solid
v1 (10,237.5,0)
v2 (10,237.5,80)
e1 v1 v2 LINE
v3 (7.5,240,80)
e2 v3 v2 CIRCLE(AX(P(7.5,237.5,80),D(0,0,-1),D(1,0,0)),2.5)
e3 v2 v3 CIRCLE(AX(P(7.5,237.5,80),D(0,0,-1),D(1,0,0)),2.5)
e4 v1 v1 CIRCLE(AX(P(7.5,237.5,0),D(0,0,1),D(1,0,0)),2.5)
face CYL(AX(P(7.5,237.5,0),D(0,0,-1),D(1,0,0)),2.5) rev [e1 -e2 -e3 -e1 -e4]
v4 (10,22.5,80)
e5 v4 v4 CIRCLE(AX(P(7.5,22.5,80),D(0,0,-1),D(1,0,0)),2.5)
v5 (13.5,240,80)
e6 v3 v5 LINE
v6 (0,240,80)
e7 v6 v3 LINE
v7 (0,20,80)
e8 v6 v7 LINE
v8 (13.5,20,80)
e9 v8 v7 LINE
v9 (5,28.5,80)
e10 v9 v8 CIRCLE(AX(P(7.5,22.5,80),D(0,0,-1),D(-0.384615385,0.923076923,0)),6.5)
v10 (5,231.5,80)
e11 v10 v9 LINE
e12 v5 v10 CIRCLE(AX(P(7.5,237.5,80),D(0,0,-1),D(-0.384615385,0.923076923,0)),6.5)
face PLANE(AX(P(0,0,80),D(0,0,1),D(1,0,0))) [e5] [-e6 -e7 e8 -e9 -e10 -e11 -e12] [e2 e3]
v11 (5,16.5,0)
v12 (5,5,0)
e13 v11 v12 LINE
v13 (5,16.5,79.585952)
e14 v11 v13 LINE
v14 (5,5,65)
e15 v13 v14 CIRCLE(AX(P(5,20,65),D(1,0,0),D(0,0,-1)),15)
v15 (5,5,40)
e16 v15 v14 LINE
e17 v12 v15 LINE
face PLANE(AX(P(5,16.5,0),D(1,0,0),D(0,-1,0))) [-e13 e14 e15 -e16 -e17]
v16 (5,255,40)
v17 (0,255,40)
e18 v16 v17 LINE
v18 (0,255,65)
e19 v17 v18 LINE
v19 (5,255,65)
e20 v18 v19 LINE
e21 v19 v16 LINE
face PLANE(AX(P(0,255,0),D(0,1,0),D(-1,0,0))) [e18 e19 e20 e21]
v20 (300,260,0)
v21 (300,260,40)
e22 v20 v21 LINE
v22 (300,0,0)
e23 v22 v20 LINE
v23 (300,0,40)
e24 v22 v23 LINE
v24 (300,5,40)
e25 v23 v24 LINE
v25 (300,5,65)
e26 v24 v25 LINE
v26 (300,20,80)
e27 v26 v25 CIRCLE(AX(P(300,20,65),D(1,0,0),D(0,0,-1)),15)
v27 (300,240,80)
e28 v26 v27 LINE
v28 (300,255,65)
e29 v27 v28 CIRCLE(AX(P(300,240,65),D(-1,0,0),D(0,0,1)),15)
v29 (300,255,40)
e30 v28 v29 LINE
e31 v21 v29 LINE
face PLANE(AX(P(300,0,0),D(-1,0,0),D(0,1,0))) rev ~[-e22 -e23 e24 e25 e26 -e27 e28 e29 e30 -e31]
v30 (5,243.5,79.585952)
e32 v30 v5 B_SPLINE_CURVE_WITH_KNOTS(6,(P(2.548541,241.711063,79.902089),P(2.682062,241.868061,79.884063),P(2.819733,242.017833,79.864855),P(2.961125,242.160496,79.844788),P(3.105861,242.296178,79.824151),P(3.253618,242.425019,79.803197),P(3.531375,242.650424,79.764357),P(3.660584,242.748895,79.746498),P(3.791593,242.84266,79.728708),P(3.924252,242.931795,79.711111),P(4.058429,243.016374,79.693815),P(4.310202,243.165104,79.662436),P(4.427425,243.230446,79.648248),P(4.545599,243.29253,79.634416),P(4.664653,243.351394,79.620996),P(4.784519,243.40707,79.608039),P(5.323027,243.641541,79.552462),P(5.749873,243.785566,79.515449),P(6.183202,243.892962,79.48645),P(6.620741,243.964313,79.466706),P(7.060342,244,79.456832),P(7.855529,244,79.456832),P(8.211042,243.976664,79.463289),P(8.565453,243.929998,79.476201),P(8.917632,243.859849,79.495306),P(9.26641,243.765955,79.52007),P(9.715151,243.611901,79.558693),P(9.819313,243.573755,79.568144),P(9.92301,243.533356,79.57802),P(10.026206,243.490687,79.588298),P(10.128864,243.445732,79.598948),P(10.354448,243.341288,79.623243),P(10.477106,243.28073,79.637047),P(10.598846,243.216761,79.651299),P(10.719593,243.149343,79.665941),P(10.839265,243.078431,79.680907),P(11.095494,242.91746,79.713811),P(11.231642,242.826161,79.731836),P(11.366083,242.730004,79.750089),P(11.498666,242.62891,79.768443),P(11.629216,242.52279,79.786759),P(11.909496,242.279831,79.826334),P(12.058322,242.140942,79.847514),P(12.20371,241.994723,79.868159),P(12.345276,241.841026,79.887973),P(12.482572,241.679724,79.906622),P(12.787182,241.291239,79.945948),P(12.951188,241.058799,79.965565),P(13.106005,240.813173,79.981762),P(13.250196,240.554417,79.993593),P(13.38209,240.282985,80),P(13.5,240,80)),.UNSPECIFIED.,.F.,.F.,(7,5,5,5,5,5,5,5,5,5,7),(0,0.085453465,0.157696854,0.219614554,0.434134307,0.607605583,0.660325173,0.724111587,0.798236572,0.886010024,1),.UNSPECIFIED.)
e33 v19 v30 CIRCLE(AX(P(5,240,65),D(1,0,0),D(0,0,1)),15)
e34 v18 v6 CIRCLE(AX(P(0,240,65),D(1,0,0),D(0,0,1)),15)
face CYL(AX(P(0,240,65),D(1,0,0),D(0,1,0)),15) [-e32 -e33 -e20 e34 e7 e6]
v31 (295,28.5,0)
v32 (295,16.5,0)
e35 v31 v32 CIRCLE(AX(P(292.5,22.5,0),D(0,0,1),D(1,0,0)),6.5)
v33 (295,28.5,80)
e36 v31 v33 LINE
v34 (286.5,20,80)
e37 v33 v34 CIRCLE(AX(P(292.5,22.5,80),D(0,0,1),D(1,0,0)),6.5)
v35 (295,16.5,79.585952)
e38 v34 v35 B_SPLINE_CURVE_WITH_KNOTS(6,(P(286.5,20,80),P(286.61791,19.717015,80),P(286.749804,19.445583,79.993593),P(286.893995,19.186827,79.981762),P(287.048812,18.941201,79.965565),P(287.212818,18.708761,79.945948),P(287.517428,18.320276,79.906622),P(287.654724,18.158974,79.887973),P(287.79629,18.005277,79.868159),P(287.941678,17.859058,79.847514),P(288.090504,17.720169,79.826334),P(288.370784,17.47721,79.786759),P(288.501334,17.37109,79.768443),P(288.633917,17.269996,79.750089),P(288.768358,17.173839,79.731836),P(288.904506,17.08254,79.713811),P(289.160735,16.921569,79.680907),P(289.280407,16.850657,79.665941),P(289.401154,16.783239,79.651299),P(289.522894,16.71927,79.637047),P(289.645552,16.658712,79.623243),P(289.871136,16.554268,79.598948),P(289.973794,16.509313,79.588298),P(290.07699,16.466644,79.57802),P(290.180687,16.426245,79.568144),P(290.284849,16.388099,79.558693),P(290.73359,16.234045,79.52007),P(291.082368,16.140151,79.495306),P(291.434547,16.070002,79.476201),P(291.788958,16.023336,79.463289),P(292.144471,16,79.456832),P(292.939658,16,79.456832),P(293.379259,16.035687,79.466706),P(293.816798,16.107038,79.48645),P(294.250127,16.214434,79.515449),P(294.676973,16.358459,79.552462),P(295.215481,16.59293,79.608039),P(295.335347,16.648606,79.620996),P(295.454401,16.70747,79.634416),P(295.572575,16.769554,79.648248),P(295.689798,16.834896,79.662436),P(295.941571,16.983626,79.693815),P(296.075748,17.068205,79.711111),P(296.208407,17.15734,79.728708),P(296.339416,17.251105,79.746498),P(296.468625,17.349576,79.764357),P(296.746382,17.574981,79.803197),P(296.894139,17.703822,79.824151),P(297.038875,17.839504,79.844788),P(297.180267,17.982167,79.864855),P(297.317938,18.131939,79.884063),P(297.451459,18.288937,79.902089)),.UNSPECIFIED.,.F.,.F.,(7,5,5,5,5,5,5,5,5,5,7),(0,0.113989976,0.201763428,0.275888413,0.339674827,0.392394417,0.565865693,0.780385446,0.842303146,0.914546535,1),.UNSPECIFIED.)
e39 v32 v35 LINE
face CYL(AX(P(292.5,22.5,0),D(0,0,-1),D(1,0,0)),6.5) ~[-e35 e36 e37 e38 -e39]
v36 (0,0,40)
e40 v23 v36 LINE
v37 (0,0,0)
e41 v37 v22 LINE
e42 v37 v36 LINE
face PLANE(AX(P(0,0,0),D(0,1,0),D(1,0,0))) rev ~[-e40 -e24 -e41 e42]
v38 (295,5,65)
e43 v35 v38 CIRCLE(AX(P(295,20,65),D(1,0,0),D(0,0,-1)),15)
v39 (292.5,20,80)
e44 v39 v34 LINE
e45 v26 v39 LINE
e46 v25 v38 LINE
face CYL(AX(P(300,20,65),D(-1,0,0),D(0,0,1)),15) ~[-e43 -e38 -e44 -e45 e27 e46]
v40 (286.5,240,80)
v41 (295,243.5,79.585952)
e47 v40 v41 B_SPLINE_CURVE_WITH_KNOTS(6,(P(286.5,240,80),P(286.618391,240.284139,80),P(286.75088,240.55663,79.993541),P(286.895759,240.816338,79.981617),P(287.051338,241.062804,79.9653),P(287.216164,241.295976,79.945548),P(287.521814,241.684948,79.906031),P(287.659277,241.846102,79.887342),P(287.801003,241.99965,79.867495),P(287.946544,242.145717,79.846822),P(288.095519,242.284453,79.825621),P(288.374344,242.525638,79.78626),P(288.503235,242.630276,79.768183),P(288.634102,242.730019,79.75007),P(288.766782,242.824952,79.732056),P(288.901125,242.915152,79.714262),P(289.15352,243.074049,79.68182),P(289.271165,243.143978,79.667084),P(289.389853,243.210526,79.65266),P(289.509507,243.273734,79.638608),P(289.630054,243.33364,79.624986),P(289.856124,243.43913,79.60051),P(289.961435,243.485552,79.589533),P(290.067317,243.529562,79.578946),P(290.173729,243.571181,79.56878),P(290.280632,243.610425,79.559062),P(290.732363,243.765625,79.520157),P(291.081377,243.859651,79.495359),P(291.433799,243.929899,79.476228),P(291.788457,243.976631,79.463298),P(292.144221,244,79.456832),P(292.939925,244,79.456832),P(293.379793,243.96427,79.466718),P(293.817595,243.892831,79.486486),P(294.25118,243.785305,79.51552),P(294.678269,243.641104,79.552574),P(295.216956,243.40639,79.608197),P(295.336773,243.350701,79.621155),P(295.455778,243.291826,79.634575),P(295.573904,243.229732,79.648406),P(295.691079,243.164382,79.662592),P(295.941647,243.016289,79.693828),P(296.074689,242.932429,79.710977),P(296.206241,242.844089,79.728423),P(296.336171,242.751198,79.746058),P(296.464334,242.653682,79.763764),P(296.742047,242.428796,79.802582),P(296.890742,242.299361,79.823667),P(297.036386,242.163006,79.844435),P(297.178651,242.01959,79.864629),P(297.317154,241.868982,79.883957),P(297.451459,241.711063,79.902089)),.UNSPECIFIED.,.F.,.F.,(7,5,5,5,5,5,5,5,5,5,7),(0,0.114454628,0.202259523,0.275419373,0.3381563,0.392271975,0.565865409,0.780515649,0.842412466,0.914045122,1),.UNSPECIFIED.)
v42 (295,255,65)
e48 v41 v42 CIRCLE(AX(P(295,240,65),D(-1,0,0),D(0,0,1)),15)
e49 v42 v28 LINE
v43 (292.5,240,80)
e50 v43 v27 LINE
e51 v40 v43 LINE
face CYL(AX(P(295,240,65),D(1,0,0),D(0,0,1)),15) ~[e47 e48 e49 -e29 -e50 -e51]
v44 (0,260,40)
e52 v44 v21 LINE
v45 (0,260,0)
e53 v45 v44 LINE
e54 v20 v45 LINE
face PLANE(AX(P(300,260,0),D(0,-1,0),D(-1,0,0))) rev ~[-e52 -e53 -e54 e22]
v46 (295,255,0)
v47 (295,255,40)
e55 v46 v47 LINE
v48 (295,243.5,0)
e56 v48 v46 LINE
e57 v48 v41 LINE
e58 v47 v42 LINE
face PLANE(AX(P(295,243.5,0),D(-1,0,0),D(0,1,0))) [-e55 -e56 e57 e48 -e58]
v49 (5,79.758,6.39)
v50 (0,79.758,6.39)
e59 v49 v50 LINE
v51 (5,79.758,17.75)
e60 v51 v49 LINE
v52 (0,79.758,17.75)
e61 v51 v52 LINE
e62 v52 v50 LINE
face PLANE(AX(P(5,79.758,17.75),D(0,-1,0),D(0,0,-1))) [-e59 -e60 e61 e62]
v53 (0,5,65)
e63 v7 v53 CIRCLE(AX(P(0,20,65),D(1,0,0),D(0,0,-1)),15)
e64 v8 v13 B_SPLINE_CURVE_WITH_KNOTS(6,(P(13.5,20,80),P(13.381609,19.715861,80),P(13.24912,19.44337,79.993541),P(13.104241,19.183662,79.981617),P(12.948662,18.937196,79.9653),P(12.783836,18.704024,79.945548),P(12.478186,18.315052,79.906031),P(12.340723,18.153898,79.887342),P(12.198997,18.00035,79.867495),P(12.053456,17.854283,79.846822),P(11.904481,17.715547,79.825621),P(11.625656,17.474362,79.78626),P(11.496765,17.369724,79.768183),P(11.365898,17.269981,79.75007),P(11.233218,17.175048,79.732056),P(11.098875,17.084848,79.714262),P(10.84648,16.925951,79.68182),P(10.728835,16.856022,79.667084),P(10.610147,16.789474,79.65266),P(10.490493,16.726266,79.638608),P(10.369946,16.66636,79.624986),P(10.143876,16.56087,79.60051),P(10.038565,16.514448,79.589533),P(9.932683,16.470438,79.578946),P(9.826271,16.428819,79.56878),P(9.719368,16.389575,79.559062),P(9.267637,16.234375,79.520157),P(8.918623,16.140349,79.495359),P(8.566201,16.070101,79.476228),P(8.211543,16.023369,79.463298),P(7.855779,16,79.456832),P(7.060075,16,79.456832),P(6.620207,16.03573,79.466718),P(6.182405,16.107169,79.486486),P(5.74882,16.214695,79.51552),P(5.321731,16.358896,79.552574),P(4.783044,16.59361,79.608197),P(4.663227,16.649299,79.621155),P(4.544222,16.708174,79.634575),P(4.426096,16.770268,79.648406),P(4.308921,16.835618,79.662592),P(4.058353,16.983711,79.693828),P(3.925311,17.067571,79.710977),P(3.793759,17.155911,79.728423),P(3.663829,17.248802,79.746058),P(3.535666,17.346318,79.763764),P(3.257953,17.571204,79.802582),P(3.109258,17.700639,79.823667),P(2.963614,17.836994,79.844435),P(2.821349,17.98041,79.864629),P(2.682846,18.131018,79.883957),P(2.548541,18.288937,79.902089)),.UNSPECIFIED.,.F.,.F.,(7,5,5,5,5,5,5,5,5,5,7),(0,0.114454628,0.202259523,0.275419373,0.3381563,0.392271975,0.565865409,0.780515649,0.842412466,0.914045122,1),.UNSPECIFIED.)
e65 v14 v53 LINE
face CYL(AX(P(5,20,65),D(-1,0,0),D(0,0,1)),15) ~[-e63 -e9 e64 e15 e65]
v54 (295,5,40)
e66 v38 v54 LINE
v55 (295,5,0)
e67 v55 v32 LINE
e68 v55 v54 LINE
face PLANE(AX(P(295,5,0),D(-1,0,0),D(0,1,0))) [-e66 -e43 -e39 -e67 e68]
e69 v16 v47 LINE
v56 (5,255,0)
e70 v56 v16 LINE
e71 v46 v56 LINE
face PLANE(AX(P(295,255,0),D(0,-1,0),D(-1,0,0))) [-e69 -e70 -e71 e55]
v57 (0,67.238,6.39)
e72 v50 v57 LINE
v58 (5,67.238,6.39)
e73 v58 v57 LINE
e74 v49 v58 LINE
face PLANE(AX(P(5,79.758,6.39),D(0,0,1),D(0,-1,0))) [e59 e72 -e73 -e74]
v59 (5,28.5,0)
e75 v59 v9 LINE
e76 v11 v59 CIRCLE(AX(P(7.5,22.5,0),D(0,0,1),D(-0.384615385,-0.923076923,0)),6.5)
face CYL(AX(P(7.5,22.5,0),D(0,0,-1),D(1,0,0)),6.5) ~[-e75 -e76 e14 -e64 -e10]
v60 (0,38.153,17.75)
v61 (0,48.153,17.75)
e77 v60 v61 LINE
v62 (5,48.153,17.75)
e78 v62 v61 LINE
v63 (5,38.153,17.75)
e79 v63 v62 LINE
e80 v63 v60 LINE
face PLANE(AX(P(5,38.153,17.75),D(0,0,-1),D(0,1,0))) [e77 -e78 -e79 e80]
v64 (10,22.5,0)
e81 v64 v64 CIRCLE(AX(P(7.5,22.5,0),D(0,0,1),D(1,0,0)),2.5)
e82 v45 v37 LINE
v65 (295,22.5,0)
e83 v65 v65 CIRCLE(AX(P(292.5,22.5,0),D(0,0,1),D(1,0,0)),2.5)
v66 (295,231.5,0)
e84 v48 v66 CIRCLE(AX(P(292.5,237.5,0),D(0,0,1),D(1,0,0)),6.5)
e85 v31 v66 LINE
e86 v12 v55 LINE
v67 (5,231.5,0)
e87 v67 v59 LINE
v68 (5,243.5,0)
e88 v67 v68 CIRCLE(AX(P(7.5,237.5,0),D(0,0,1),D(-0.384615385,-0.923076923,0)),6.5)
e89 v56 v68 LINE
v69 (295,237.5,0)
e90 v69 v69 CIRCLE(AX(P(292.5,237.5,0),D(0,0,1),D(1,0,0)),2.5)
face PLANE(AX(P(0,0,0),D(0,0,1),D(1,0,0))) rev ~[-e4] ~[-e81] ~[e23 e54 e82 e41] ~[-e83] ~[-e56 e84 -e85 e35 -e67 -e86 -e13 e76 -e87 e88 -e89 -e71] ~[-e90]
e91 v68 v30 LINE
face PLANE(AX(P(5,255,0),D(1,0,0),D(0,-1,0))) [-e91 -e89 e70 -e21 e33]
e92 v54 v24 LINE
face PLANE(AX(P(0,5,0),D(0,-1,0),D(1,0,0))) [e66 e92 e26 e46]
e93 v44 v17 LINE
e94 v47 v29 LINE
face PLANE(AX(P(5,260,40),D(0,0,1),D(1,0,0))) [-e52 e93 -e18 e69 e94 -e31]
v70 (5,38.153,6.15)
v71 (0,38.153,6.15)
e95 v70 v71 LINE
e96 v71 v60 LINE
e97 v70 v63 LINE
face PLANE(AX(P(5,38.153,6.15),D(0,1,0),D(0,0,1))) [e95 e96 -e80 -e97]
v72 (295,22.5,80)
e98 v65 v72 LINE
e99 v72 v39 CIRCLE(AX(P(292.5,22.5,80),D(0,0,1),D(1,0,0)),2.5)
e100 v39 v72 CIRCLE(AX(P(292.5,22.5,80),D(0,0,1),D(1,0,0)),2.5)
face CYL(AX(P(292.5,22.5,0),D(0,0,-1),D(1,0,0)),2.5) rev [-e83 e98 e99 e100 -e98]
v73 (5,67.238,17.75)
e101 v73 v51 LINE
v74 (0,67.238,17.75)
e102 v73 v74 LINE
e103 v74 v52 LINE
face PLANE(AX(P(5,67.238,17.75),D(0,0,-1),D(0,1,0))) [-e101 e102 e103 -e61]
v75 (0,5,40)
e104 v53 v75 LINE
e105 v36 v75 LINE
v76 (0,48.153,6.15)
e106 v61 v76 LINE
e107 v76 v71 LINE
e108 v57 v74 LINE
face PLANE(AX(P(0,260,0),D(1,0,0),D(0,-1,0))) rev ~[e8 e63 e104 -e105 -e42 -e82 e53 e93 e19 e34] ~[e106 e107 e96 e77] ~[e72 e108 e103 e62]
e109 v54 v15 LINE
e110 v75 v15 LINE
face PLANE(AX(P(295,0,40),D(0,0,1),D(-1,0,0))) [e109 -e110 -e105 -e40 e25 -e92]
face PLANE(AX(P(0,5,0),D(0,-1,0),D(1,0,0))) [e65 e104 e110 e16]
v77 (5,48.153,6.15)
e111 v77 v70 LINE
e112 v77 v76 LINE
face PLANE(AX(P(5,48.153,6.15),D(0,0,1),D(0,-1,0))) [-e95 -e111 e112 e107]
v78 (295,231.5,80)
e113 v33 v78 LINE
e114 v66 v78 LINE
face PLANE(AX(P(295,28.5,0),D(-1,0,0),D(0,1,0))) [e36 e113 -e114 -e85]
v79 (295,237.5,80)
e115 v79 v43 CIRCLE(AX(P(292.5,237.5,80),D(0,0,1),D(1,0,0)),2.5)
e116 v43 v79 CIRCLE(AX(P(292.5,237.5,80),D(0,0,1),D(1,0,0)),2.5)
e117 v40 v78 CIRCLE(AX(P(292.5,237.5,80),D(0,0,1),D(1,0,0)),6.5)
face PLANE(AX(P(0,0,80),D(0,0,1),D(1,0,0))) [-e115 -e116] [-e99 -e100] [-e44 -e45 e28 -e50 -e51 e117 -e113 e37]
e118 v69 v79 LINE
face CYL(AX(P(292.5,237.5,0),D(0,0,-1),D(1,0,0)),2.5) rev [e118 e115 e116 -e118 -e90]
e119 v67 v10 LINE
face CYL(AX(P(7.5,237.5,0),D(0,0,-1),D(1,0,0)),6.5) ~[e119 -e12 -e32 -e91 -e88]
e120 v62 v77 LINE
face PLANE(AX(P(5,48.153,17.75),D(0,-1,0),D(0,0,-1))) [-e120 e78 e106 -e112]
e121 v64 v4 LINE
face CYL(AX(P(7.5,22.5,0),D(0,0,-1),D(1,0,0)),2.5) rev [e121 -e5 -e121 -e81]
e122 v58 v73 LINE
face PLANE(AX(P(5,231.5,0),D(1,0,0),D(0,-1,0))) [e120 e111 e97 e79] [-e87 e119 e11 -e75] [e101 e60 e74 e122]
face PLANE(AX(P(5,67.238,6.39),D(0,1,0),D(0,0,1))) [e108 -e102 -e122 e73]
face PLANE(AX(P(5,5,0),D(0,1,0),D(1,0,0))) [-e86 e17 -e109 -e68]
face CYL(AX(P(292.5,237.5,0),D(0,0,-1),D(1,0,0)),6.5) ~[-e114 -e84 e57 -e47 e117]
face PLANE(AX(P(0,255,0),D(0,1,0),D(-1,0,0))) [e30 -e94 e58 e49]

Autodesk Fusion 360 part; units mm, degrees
sketch "Sketch1" plane through (0, 0, 0) normal (0, 0, 1) x (1, 0, 0)
  line L0 (0, 0) -> (300, 0)
  line L1 (300, 0) -> (300, 260)
  line L2 (300, 260) -> (0, 260)
  line L3 (0, 260) -> (0, 0)
  line L4 (5, 5) -> (295, 5)
  line L5 (295, 5) -> (295, 255)
  line L6 (295, 255) -> (5, 255)
  line L7 (5, 255) -> (5, 5)
  circle A0 centre (7.5, 22.5) radius 2.5
  circle A1 centre (7.5, 237.5) radius 2.5
  circle A2 centre (292.5, 237.5) radius 2.5
  circle A3 centre (292.5, 22.5) radius 2.5
  circle A4 centre (7.5, 237.5) radius 6.5
  circle A5 centre (292.5, 237.5) radius 6.5
  circle A6 centre (292.5, 22.5) radius 6.5
  circle A7 centre (7.5, 22.5) radius 6.5
  dimension "d1" = 300
  dimension "d2" = 260
  dimension "d3" = 290
  dimension "d4" = 250
  dimension "d5" = 5
  dimension "d6" = 5
  dimension "d7" = 5
  dimension "d8" = 5
  dimension "d9" = 5
  dimension "d10" = 5
  dimension "d11" = 5
  dimension "d12" = 5
  dimension "d13" = 22.5
  dimension "d16" = 22.5
  dimension "d17" = 7.5
  dimension "d18" = 7.5
  dimension "d19" = 7.5
  dimension "d20" = 22.5
  dimension "d21" = 7.5
  dimension "d22" = 22.5
  dimension "d23" = 13
  dimension "d24" = 7.5
  dimension "d25" = 22.5
  dimension "d26" = 13
  dimension "d27" = 7.5
  dimension "d28" = 22.5
  dimension "d29" = 13
  dimension "d30" = 7.5
  dimension "d31" = 22.5
  dimension "d32" = 13
  dimension "d33" = 7.5
  dimension "d34" = 22.5
extrude "Extrude1" add sketch "Sketch1" along normal blind 80 contours L7 A7 picked at (9.3974, 27.2942) makes body 1
extrude "Extrude2" add sketch "Sketch1" along normal blind 80 separate body contours L5 A6 picked at (287.3448, 22.5) makes body 2
extrude "Extrude3" add sketch "Sketch1" along normal blind 80 separate body contours L5 A5 picked at (287.3448, 237.5) makes body 3
extrude "Extrude4" add sketch "Sketch1" along normal blind 80 separate body contours L7 A4 picked at (9.3974, 242.2942) makes body 4
extrude "Extrude5" add sketch "Sketch1" along normal blind 80 separate body contours L0 L1 L2 L3 makes body 5
extrude "Extrude6" add sketch "Sketch1" along normal blind 80 contours L7 A4 picked at (2.3567, 237.1826) bodies 4 5
extrude "Extrude7" add sketch "Sketch1" along normal blind 80 contours L7 A7 picked at (2.3567, 22.1826) bodies 1 4
extrude "Extrude8" add sketch "Sketch1" along normal blind 80 contours L5 A6 picked at (297.6433, 22.8174) bodies 1 2
extrude "Extrude9" add sketch "Sketch1" along normal blind 80 contours L5 A5 picked at (297.6433, 237.1826) bodies 1 3
sketch "Sketch2" plane through (5, 0, 0) normal (1, 0, 0) x (0, 1, 0)
  line L0 (28.5, 0) -> (231.5, 0)
  line L1 (231.5, 0) -> (231.5, 80)
  line L2 (231.5, 80) -> (28.5, 80)
  line L3 (28.5, 80) -> (28.5, 0)
  line L4 (35, 30) -> (89.718, 30)
  line L5 (89.718, 30) -> (89.718, 0)
  line L6 (89.718, 0) -> (35, 0)
  line L7 (35, 0) -> (35, 30)
  line L8 (5, 0) -> (5, 80)
  line L9 (67.238, 17.75) -> (79.758, 17.75)
  line L10 (79.758, 17.75) -> (79.758, 6.39)
  line L11 (79.758, 6.39) -> (67.238, 6.39)
  line L12 (67.238, 6.39) -> (67.238, 17.75)
  line L13 (38.153, 17.75) -> (48.153, 17.75)
  line L14 (48.153, 17.75) -> (48.153, 6.15)
  line L15 (48.153, 6.15) -> (38.153, 6.15)
  line L16 (38.153, 6.15) -> (38.153, 17.75)
  dimension "d53" = 54.718
  dimension "d56" = 30
  dimension "d57" = 50
  dimension "d58" = 30
  dimension "d59" = 12.52
  dimension "d60" = 10
  dimension "d61" = 9.96
  dimension "d62" = 6.39
  dimension "d63" = 6.15
  dimension "d64" = 19.085
  dimension "d65" = 11.36
  dimension "d66" = 11.6
extrude "Extrude10" cut sketch "Sketch2" against normal blind 5 contours L9 L10 L11 L12 bodies 1
extrude "Extrude11" cut sketch "Sketch2" against normal blind 5 contours L13 L14 L15 L16 bodies 1
sketch "Sketch3" plane through (0, 260, 0) normal (0, 1, 0) x (-1, 0, 0)
  line L0 (-300, 0) -> (0, 0)
  line L1 (0, 0) -> (0, 80)
  line L2 (0, 80) -> (-300, 80)
  line L3 (-300, 80) -> (-300, 0)
  line L4 (-295, 80) -> (-5, 80)
  line L5 (-5, 80) -> (-5, 40)
  line L6 (-5, 40) -> (-295, 40)
  line L7 (-295, 40) -> (-295, 80)
  line L8 (-300, 0) -> (0, 0)
  line L9 (-295, 40) -> (-300, 40)
  line L10 (-300, 40) -> (-300, 80)
  line L11 (-300, 80) -> (-295, 80)
  line L12 (-295, 80) -> (-295, 40)
  line L13 (-5, 40) -> (0, 40)
  line L14 (0, 40) -> (0, 80)
  line L15 (0, 80) -> (-5, 80)
  line L16 (-5, 80) -> (-5, 40)
  dimension "d71" = 290
  dimension "d72" = 5
  dimension "d73" = 5
  dimension "d74" = 40
  dimension "d92" = 5
  dimension "d93" = 40
  dimension "d94" = 5
  dimension "d95" = 40
extrude "Extrude12" cut sketch "Sketch3" against normal blind 5 contours L2 L4 L5 L6 L7 L12 L16 bodies 1
sketch "Sketch4" plane through (0, 0, 0) normal (0, -1, 0) x (1, 0, 0)
  line L0 (0, 0) -> (300, 0)
  line L1 (300, 0) -> (300, 80)
  line L2 (300, 80) -> (0, 80)
  line L3 (0, 80) -> (0, 0)
  line L4 (5, 80) -> (295, 80)
  line L5 (295, 80) -> (295, 40)
  line L6 (295, 40) -> (5, 40)
  line L7 (5, 40) -> (5, 80)
  line L8 (0, 0) -> (300, 0)
  line L9 (5, 80) -> (0, 80)
  line L10 (0, 80) -> (0, 40)
  line L11 (0, 40) -> (5, 40)
  line L12 (5, 40) -> (5, 80)
  line L13 (295, 40) -> (300, 40)
  line L14 (300, 40) -> (300, 80)
  line L15 (300, 80) -> (295, 80)
  line L16 (295, 80) -> (295, 40)
  dimension "d77" = 290
  dimension "d78" = 40
  dimension "d79" = 40
  dimension "d80" = 5
  dimension "d81" = 5
  dimension "d84" = 5
  dimension "d85" = 40
  dimension "d86" = 5
  dimension "d87" = 40
extrude "Extrude13" cut sketch "Sketch4" against normal blind 5 contours L2 L4 L5 L6 L7 L12 L16 bodies 1
sketch "Sketch5" plane through (0, 0, 0) normal (-1, 0, 0) x (0, -1, 0)
  line L0 (-48.153, 6.15) -> (-48.153, 17.75)
  line L1 (-48.153, 17.75) -> (-38.153, 17.75)
  line L2 (-38.153, 17.75) -> (-38.153, 6.15)
  line L3 (-38.153, 6.15) -> (-48.153, 6.15)
  line L4 (-79.758, 6.39) -> (-79.758, 17.75)
  line L5 (-79.758, 17.75) -> (-67.238, 17.75)
  line L6 (-67.238, 17.75) -> (-67.238, 6.39)
  line L7 (-67.238, 6.39) -> (-79.758, 6.39)
  line L8 (-260, 0) -> (0, 0)
  line L9 (0, 0) -> (0, 80)
  line L10 (0, 80) -> (-260, 80)
  line L11 (-260, 80) -> (-260, 0)
extrude "Extrude14" cut sketch "Sketch4" against normal blind 5 contours L1 L2 L5 L13 L14 L15 L16 bodies 1
extrude "Extrude15" cut sketch "Sketch4" against normal blind 5 contours L2 L3 L7 L9 L10 L11 L12 bodies 1
extrude "Extrude16" cut sketch "Sketch3" against normal blind 5 contours L1 L2 L5 L13 L14 L15 L16 bodies 1
extrude "Extrude17" cut sketch "Sketch3" against normal blind 5 contours L2 L3 L7 L9 L10 L11 L12 bodies 1
fillet "Fillet1" radius 15 1 edges at (297.5, 5, 80) on bodies 1
fillet "Fillet2" radius 15 1 edges at (297.5, 255, 80) on bodies 1
fillet "Fillet3" radius 15 1 edges at (2.5, 255, 80) on bodies 1
fillet "Fillet4" radius 15 1 edges at (2.5, 5, 80) on bodies 1
